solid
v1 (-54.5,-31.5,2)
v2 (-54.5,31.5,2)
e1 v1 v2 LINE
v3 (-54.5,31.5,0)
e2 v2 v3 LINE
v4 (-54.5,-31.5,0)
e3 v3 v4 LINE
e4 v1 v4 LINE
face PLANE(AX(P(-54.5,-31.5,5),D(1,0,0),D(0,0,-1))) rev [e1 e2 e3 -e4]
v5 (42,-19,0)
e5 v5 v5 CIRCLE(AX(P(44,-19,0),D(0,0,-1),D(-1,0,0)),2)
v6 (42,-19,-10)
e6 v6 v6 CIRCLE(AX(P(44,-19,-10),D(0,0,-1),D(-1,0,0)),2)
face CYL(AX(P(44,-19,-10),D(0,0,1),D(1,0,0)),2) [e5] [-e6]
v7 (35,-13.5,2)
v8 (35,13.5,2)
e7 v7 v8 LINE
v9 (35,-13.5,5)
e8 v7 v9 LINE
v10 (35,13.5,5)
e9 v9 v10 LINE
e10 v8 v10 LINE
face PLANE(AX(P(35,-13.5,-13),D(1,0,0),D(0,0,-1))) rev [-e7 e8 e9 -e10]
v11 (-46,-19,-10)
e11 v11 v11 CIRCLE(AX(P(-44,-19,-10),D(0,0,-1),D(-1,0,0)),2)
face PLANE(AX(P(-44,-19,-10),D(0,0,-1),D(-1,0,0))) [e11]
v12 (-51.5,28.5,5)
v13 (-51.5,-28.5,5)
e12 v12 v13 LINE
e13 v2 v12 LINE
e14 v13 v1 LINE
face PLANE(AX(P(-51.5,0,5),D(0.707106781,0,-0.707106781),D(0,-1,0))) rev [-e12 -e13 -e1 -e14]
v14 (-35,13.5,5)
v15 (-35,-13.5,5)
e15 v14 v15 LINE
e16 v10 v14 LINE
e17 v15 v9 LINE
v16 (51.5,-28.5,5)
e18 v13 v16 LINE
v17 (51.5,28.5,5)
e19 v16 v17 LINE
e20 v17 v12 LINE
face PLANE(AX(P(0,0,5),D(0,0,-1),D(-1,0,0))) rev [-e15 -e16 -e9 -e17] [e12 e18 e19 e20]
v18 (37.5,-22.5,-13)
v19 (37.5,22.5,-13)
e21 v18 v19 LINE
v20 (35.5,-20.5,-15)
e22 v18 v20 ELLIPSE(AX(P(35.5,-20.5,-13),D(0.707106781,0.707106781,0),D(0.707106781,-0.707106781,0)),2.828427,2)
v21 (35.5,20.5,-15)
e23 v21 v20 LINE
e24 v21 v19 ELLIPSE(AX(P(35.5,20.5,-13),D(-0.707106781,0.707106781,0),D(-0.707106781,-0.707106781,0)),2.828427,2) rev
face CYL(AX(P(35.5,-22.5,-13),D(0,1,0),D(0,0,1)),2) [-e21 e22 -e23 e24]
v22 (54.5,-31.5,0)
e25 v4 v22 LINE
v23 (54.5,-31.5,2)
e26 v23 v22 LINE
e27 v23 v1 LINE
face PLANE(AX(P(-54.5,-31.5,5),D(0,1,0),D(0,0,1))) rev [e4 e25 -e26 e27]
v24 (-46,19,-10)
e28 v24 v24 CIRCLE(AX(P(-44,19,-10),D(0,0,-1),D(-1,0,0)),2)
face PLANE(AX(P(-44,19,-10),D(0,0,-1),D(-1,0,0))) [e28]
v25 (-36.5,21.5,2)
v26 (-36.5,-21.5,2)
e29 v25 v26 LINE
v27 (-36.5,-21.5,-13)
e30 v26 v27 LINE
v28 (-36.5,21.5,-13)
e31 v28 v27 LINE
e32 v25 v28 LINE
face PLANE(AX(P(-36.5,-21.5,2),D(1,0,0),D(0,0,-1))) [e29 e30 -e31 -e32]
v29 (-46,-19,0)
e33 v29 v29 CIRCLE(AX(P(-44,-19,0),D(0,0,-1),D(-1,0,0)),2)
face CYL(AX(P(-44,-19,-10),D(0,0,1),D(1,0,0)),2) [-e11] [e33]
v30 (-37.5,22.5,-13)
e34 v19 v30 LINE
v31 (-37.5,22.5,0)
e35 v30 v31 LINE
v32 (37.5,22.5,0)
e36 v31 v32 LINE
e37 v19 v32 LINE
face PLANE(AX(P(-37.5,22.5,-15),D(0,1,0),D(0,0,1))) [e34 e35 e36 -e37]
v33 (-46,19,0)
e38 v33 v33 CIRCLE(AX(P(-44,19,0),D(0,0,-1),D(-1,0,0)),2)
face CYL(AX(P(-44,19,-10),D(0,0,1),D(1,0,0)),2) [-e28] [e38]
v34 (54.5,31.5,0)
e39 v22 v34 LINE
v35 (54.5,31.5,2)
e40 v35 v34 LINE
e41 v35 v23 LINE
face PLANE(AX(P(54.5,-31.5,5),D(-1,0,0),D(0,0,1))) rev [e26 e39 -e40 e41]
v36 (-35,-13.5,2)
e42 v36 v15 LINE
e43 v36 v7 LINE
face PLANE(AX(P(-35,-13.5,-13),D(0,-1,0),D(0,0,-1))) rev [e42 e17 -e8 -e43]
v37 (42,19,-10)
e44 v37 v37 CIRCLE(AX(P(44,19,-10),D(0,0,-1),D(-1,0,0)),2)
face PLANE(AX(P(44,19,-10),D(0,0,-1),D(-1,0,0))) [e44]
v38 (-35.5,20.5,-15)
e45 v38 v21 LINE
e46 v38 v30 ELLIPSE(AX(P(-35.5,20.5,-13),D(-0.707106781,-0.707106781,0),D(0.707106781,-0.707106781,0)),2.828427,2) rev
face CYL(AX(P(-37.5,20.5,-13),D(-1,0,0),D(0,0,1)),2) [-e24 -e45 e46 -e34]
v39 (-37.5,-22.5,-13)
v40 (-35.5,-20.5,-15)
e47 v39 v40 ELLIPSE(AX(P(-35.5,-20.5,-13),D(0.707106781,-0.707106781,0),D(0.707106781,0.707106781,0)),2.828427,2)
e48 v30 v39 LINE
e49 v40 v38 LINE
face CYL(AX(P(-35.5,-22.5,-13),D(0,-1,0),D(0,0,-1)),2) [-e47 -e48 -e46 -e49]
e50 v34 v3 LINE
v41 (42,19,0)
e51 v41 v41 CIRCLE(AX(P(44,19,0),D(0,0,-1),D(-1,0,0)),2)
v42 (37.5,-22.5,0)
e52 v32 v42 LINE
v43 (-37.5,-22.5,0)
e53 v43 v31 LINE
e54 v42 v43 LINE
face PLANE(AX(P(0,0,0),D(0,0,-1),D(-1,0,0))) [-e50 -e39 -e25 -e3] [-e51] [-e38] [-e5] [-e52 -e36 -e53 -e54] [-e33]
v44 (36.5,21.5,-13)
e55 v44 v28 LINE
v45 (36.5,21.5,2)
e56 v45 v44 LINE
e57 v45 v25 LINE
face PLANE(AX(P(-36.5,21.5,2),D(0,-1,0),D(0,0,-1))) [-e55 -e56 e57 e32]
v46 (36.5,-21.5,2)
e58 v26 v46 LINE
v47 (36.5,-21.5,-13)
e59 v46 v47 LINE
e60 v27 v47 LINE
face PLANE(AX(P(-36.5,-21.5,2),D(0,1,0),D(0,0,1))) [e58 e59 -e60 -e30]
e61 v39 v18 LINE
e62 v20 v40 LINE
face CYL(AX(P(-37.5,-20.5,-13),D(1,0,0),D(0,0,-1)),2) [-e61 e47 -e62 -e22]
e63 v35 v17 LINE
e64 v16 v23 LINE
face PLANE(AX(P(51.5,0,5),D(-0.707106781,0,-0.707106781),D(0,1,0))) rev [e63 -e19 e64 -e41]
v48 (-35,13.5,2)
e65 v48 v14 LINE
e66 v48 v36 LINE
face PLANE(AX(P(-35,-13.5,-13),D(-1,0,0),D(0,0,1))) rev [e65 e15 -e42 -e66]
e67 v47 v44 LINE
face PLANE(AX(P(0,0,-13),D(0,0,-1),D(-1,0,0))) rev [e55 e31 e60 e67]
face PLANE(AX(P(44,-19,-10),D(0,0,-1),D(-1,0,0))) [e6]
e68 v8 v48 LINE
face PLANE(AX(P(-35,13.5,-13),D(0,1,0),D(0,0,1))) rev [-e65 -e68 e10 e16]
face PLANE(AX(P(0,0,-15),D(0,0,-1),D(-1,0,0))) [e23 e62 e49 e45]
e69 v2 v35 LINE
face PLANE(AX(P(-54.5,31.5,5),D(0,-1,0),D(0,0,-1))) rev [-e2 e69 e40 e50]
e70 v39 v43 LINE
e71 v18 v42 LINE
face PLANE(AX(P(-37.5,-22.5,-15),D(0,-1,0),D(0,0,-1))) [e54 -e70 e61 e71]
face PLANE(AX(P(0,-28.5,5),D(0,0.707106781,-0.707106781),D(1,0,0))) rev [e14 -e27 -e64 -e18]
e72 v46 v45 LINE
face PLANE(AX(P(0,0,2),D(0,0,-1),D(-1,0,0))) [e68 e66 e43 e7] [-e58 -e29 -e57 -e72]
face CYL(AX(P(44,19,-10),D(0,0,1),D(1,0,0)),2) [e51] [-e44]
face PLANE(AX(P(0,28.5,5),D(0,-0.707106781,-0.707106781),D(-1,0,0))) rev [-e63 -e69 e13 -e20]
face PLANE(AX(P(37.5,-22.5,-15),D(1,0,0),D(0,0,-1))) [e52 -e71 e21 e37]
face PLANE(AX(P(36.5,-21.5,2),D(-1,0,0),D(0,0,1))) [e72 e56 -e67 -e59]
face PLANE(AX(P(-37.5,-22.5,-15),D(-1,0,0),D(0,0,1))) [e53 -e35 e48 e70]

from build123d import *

# Parameters (mm, degrees)
SKETCH_1_W          = 109
SKETCH_1_H          = 63
EXTRUDE_1_DEPTH     = 5
CHAMFER_1_SIZE      = 3
SKETCH_2_W          = 75
SKETCH_2_H          = 45
EXTRUDE_2_DEPTH     = 20
SKETCH_3_W          = 70
SKETCH_3_H          = 27
CUT_EXTRUDE_1_DEPTH = 18
SKETCH_4_W          = 73
SKETCH_4_H          = 43
CUT_EXTRUDE_2_DEPTH = 15
SKETCH_5_R          = 2
EXTRUDE_3_DEPTH     = 10
FILLET_1_R          = 2


with BuildPart() as part:
    # 草图1 → 凸台-拉伸1 (new body)
    with BuildSketch(Plane.XY):
        Rectangle(SKETCH_1_W, SKETCH_1_H)
    extrude(amount=EXTRUDE_1_DEPTH)

    # 倒角1
    chamfer_1_edges = [part.edges().sort_by_distance(p)[0] for p in [
        (-54.5, 0, 5),
        (0, -31.5, 5),
        (54.5, 0, 5),
        (0, 31.5, 5),
    ]]
    chamfer(chamfer_1_edges, length=CHAMFER_1_SIZE)

    # 草图2 → 凸台-拉伸2 (add)
    with BuildSketch(Plane.XY.offset(5)):
        Rectangle(SKETCH_2_W, SKETCH_2_H)
    extrude(amount=-EXTRUDE_2_DEPTH)

    # 草图3 → 切除-拉伸1 (cut)
    with BuildSketch(Plane.XY.offset(5)):
        Rectangle(SKETCH_3_W, SKETCH_3_H)
    extrude(amount=-CUT_EXTRUDE_1_DEPTH, mode=Mode.SUBTRACT)

    # 草图4 → 切除-拉伸2 (cut)
    with BuildSketch(Plane.XY.offset(-13)):
        Rectangle(SKETCH_4_W, SKETCH_4_H)
    extrude(amount=CUT_EXTRUDE_2_DEPTH, mode=Mode.SUBTRACT)

    # 草图5 → 凸台-拉伸3 (add)
    with BuildSketch(Plane(origin=(0, 0, 0), x_dir=(-1, 0, 0), z_dir=(0, 0, -1))):
        with Locations((44, 19)):
            Circle(SKETCH_5_R)
        with Locations((44, -19)):
            Circle(SKETCH_5_R)
        with Locations((-44, -19)):
            Circle(SKETCH_5_R)
        with Locations((-44, 19)):
            Circle(SKETCH_5_R)
    extrude(amount=EXTRUDE_3_DEPTH)

    # 圆角1
    fillet_1_edges = [part.edges().sort_by_distance(p)[0] for p in [
        (37.5, 0, -15),
        (0, -22.5, -15),
        (-37.5, 0, -15),
        (0, 22.5, -15),
    ]]
    fillet(fillet_1_edges, radius=FILLET_1_R)


solid = part.part
